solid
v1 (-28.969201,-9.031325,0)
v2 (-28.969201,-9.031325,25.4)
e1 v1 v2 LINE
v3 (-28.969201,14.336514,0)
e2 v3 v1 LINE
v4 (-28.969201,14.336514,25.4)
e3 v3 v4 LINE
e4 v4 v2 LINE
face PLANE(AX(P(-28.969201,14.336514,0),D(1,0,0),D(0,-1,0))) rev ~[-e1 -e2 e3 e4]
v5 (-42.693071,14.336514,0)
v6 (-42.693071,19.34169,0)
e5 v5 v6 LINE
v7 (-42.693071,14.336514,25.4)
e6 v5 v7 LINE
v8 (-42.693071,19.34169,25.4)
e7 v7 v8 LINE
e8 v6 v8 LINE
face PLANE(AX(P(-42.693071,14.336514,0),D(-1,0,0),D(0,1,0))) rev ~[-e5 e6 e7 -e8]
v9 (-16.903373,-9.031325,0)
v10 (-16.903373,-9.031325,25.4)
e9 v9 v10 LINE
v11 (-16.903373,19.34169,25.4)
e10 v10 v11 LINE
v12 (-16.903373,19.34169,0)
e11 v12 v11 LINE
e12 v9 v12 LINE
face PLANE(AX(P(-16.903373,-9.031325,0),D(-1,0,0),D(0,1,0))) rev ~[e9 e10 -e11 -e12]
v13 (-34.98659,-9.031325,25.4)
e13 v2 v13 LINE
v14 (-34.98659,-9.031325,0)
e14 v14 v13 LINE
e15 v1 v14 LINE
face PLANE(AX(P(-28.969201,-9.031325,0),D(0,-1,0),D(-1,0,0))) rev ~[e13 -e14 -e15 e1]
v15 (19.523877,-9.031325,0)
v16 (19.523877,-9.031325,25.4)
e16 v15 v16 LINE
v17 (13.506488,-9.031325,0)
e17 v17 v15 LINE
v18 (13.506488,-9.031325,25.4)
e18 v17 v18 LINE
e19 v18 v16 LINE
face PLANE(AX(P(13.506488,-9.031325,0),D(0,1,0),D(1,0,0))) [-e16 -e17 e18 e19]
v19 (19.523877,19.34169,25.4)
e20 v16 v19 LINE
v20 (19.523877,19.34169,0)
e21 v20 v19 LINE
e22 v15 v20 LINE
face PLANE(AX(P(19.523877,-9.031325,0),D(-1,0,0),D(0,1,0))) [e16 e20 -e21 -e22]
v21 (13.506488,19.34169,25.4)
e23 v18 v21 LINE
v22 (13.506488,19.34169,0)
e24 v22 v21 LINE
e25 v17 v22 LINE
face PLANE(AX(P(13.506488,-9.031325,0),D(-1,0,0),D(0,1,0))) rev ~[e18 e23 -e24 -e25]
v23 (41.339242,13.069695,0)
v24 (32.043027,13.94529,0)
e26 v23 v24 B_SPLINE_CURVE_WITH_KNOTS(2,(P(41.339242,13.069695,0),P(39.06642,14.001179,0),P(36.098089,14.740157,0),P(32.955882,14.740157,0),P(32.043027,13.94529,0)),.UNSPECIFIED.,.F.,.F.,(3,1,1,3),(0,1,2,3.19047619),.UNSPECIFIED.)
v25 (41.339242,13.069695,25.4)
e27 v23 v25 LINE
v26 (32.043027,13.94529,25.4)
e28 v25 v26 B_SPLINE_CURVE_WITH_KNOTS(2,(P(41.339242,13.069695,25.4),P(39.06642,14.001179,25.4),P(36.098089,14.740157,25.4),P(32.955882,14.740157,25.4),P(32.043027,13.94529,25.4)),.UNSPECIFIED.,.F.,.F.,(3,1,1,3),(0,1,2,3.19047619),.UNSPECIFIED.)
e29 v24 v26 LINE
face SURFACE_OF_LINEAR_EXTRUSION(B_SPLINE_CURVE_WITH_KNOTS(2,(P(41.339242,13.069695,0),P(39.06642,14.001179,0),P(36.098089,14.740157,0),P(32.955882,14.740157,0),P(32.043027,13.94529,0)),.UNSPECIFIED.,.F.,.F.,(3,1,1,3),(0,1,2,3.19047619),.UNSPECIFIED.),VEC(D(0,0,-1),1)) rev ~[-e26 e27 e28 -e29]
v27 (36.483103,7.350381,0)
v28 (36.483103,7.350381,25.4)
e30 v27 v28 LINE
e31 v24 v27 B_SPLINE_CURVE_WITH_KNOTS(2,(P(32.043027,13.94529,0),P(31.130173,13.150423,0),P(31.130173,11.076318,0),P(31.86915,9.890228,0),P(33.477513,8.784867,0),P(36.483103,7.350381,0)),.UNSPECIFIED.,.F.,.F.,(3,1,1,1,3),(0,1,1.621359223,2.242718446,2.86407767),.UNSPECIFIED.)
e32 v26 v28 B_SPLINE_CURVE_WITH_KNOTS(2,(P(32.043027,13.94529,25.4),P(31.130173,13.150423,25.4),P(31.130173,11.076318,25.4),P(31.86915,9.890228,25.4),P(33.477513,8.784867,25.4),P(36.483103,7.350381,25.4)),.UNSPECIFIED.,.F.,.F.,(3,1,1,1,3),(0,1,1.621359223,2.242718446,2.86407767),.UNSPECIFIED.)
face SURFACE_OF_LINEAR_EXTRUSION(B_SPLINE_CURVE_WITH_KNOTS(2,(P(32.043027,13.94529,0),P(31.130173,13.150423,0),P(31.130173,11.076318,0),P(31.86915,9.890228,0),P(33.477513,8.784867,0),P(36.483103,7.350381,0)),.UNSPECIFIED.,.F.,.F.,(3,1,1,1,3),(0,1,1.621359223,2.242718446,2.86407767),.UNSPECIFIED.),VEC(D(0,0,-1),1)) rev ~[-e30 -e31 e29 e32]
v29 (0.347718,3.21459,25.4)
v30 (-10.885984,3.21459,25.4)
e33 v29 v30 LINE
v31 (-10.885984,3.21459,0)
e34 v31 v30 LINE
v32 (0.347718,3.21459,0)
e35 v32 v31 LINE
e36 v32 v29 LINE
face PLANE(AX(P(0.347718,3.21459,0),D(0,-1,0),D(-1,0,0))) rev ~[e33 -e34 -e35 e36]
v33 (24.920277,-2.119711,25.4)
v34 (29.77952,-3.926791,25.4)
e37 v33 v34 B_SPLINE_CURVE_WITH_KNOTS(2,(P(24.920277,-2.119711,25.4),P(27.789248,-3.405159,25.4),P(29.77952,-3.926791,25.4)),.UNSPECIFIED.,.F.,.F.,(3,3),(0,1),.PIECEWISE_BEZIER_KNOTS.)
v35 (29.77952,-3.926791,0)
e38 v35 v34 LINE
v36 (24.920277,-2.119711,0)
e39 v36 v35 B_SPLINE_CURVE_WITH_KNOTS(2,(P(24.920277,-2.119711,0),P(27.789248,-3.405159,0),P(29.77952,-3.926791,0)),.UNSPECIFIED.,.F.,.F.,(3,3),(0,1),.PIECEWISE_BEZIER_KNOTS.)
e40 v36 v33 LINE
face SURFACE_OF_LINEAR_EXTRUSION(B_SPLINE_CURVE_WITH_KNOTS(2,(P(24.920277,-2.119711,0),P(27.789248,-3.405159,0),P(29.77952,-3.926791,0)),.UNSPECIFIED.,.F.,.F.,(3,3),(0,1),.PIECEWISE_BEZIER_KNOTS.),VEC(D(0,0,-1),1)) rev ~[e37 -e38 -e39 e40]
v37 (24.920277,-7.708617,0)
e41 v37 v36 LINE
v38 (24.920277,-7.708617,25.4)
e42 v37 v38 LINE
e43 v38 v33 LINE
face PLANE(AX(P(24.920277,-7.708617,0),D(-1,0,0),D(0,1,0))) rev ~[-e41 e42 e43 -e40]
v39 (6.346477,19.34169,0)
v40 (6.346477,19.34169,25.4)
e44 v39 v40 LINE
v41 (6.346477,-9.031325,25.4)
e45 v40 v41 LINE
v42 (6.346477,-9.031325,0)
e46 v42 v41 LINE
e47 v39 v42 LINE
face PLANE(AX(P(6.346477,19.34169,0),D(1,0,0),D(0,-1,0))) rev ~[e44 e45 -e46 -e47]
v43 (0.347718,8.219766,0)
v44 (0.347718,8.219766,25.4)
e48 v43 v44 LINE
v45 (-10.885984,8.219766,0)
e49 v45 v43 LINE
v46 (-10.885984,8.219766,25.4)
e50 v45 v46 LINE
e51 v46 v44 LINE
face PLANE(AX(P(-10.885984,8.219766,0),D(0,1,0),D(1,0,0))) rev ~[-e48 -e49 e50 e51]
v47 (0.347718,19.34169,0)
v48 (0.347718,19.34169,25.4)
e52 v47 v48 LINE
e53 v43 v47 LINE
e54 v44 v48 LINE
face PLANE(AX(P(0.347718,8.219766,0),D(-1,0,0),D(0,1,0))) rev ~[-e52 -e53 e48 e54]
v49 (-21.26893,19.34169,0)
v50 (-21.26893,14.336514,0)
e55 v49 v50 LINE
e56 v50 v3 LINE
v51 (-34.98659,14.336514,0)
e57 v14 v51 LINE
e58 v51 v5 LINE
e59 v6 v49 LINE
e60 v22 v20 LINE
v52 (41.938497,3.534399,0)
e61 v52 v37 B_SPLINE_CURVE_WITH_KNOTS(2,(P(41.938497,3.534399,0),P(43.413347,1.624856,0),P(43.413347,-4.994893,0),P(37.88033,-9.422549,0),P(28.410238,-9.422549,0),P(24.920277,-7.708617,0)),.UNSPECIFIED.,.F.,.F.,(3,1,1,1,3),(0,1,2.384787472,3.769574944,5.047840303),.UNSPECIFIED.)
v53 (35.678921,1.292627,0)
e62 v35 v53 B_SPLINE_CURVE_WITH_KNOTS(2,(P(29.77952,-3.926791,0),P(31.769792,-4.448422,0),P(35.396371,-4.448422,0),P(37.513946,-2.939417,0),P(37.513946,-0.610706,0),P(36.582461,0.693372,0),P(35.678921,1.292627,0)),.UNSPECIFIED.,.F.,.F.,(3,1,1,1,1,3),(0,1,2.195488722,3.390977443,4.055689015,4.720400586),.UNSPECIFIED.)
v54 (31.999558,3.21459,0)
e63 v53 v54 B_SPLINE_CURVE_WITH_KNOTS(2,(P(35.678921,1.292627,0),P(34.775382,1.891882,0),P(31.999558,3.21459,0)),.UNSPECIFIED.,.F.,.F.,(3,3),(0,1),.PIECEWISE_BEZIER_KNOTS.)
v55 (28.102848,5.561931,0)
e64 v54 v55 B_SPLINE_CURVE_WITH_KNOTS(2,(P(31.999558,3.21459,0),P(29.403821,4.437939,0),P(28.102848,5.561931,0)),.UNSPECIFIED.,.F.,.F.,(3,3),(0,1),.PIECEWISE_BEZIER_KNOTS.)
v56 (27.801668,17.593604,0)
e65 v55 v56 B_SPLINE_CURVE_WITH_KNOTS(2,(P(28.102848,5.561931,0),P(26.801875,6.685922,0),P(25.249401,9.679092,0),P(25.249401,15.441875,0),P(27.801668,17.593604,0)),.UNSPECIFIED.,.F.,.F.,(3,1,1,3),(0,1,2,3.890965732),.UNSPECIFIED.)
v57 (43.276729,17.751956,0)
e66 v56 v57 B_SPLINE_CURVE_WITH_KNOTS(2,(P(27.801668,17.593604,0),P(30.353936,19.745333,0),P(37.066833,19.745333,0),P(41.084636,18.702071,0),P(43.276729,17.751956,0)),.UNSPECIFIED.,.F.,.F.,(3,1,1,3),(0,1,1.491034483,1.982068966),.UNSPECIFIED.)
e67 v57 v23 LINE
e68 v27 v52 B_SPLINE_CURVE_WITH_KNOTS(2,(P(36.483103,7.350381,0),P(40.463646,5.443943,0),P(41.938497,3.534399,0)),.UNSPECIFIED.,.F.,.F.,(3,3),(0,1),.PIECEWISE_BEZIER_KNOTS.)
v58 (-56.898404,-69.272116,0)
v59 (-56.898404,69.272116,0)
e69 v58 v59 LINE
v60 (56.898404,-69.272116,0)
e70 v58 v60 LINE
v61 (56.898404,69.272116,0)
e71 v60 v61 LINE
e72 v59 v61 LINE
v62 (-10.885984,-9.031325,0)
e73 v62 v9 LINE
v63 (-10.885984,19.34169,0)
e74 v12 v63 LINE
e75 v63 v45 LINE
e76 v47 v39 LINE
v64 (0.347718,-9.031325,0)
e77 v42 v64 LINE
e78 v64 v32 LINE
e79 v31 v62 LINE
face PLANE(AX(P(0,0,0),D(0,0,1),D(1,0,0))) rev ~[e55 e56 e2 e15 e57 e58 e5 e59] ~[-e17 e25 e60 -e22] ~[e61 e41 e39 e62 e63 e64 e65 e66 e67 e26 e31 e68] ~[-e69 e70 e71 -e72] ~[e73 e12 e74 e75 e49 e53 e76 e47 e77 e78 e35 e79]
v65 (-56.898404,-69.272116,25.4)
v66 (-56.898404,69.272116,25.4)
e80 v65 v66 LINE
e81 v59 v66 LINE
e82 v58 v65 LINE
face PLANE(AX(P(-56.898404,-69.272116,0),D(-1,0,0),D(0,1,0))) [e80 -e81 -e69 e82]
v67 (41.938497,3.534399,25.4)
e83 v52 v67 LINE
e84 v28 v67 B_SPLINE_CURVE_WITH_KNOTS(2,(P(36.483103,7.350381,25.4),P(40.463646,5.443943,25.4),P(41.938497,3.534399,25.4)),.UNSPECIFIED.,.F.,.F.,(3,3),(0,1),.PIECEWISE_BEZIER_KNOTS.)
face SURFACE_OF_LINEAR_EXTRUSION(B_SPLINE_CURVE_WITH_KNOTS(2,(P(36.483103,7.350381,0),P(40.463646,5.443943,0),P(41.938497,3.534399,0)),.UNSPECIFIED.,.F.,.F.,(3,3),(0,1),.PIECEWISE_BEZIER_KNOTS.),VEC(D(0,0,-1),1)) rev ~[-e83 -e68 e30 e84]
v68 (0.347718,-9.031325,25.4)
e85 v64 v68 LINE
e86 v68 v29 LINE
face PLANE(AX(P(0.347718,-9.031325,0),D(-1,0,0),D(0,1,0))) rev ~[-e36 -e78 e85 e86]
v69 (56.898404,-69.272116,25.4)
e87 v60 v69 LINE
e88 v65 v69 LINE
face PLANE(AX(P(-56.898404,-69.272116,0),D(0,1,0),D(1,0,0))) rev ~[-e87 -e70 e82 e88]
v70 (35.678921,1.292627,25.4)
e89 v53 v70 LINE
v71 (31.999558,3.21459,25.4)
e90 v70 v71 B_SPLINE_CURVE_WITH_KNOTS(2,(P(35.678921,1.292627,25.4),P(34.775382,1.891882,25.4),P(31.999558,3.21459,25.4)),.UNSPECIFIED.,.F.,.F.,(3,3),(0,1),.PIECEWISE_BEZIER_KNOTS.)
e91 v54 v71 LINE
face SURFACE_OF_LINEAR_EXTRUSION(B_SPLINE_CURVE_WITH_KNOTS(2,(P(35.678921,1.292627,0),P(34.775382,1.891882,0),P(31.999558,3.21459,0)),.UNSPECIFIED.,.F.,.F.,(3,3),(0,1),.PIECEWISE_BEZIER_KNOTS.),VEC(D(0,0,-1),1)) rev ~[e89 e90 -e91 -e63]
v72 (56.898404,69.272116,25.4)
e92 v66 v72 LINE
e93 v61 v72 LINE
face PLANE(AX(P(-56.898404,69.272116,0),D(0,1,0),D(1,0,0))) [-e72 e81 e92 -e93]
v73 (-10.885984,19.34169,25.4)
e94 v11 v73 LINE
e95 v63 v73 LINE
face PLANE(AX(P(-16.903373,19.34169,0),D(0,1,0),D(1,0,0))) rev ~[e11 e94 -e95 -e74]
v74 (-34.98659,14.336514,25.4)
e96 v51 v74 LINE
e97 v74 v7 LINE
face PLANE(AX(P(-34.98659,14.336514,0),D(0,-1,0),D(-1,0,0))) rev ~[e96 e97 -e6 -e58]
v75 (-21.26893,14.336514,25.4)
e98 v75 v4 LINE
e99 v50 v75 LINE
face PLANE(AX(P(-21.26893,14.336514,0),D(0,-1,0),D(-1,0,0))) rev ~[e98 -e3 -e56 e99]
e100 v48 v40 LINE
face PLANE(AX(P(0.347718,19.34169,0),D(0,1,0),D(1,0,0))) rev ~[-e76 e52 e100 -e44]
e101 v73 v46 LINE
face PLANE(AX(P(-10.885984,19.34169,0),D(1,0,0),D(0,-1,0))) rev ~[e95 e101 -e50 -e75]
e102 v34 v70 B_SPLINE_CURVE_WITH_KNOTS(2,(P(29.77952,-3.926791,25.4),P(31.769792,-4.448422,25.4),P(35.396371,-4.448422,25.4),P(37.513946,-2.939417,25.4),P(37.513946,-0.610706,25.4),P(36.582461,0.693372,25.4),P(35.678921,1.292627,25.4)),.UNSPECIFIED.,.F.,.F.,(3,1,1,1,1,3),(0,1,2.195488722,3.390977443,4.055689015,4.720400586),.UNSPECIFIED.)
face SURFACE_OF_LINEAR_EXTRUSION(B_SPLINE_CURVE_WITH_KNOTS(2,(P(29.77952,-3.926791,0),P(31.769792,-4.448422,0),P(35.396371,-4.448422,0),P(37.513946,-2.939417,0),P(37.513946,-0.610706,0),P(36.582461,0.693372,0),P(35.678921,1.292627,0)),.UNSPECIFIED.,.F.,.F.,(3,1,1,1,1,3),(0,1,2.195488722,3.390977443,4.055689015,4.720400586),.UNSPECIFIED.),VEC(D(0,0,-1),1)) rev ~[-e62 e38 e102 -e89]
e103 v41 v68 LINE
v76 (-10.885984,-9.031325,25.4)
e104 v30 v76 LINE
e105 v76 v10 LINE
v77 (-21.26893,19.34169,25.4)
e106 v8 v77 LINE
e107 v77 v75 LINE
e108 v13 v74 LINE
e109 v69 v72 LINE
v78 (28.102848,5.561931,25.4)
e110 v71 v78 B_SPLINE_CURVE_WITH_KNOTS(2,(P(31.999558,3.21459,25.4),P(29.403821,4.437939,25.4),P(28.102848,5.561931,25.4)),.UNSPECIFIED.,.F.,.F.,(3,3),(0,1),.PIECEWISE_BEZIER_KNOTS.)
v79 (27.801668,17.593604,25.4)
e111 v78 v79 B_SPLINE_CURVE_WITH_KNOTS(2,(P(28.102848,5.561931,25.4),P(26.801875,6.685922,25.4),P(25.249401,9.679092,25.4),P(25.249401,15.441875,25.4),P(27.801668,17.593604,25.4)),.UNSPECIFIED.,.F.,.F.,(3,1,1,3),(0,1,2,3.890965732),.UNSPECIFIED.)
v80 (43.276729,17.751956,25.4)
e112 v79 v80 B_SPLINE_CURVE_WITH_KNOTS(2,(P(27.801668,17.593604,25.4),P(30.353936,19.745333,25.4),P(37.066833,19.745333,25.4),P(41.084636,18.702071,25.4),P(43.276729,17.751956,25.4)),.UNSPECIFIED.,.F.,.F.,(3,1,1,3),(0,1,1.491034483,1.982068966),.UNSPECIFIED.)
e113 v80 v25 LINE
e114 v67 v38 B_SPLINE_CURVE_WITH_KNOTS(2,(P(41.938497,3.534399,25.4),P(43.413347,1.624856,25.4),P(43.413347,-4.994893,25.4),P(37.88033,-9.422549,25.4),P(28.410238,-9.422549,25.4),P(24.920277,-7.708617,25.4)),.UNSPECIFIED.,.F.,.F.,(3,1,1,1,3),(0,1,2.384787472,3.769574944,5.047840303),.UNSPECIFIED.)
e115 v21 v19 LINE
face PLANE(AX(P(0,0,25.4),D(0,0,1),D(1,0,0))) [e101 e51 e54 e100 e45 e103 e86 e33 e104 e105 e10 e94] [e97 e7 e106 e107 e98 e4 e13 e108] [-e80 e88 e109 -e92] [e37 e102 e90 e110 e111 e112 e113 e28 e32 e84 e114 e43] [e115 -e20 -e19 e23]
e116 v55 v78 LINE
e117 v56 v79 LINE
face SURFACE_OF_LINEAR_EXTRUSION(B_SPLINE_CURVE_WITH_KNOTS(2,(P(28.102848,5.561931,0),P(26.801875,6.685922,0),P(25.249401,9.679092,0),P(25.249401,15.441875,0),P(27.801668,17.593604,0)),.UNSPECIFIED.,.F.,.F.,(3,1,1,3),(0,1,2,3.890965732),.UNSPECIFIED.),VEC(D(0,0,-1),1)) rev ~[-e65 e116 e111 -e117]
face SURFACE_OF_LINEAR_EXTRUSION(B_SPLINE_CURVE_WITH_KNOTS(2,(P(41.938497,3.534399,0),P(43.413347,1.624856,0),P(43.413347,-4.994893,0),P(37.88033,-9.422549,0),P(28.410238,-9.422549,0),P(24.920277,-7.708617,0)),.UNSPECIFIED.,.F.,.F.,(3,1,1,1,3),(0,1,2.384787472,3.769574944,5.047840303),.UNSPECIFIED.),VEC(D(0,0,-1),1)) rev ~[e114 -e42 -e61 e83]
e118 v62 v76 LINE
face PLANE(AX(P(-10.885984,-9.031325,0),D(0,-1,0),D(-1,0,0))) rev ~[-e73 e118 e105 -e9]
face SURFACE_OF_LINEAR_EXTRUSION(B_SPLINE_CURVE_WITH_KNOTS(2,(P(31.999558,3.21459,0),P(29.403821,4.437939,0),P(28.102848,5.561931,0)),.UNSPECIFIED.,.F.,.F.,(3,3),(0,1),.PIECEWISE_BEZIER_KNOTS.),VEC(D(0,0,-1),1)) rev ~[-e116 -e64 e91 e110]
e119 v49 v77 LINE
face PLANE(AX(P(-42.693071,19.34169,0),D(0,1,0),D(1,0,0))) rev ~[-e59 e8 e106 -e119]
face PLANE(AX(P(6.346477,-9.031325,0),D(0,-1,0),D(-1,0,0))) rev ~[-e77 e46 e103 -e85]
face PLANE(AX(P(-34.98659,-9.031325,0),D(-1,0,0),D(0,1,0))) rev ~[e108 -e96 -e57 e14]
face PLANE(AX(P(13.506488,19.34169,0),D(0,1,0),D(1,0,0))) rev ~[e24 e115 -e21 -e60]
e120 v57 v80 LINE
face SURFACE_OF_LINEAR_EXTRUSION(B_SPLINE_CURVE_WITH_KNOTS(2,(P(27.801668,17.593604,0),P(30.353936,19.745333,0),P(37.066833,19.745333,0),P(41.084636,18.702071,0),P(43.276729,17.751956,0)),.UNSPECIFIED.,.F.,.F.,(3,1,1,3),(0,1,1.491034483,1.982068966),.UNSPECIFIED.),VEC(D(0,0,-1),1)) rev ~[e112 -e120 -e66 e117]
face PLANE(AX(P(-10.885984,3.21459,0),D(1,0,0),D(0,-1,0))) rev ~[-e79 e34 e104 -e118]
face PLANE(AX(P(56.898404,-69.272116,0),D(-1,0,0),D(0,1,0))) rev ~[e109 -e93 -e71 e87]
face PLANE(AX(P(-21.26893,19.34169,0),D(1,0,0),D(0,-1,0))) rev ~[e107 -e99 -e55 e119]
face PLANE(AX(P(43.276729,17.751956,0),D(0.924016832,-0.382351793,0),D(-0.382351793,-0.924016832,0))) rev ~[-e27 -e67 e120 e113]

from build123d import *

# Parameters (mm, degrees)
F0_W     = 113.7968078256
F0_H     = 138.5442316532
F0_W_2   = 6.0173892501
F0_H_2   = 28.373014947
F1_DEPTH = 25.4


with BuildPart() as f1:
    # F0 (on Top) → F1 (new body)
    with BuildSketch(Plane.XY):
        Rectangle(F0_W, F0_H)
        Polygon((-28.96920121, 14.3365136363), (-28.96920121, -9.031325113), (-34.9865904601, -9.031325113), (-34.9865904601, 14.3365136363), (-42.6930714295, 14.3365136363), (-42.6930714295, 19.341689834), (-21.2689301366, 19.341689834), (-21.2689301366, 14.3365136363), align=None, mode=Mode.SUBTRACT)
        Polygon((6.3464774951, 19.341689834), (6.3464774951, -9.031325113), (0.3477179331, -9.031325113), (0.3477179331, 3.2145898521), (-10.8859839796, 3.2145898521), (-10.8859839796, -9.031325113), (-16.9033732297, -9.031325113), (-16.9033732297, 19.341689834), (-10.8859839796, 19.341689834), (-10.8859839796, 8.2197660498), (0.3477179331, 8.2197660498), (0.3477179331, 19.341689834), align=None, mode=Mode.SUBTRACT)
        with Locations((16.5151822392, 5.1551823605)):
            Rectangle(F0_W_2, F0_H_2, mode=Mode.SUBTRACT)
        with BuildLine():
            add(Edge.make_bspline(
                [(41.9384965735, 3.5343994975), (43.4133468799, 1.6248564692), (43.4133468799, -1.1509670549)],
                knots=[0, 0, 0, 1, 1, 1], degree=2))
            add(Edge.make_bspline(
                [(43.4133468799, -1.1509670549), (43.4133468799, -4.9948926955), (40.6468381999, -7.2087206291)],
                knots=[0, 0, 0, 1, 1, 1], degree=2))
            add(Edge.make_bspline(
                [(40.6468381999, -7.2087206291), (37.8803295199, -9.4225485627), (32.9558819705, -9.4225485627)],
                knots=[0, 0, 0, 1, 1, 1], degree=2))
            add(Edge.make_bspline(
                [(32.9558819705, -9.4225485627), (28.4102380788, -9.4225485627), (24.9202765117, -7.7086172593)],
                knots=[0, 0, 0, 1, 1, 1], degree=2))
            Line((24.9202765117, -7.7086172593), (24.9202765117, -2.1197108351))
            add(Edge.make_bspline(
                [(24.9202765117, -2.1197108351), (27.7892484761, -3.4051593126), (29.7795201528, -3.9267905789)],
                knots=[0, 0, 0, 1, 1, 1], degree=2))
            add(Edge.make_bspline(
                [(29.7795201528, -3.9267905789), (31.7697918294, -4.4484218452), (33.4216241726, -4.4484218452)],
                knots=[0, 0, 0, 1, 1, 1], degree=2))
            add(Edge.make_bspline(
                [(33.4216241726, -4.4484218452), (35.3963711091, -4.4484218452), (36.4551583817, -3.6939194779)],
                knots=[0, 0, 0, 1, 1, 1], degree=2))
            add(Edge.make_bspline(
                [(36.4551583817, -3.6939194779), (37.5139456543, -2.9394171106), (37.5139456543, -1.4428321681)],
                knots=[0, 0, 0, 1, 1, 1], degree=2))
            add(Edge.make_bspline(
                [(37.5139456543, -1.4428321681), (37.5139456543, -0.6107061005), (37.0482034523, 0.0413329823)],
                knots=[0, 0, 0, 1, 1, 1], degree=2))
            add(Edge.make_bspline(
                [(37.0482034523, 0.0413329823), (36.5824612503, 0.6933720651), (35.6789213783, 1.2926270317)],
                knots=[0, 0, 0, 1, 1, 1], degree=2))
            add(Edge.make_bspline(
                [(35.6789213783, 1.2926270317), (34.7753815064, 1.8918819983), (31.9995579824, 3.2145898521)],
                knots=[0, 0, 0, 1, 1, 1], degree=2))
            add(Edge.make_bspline(
                [(31.9995579824, 3.2145898521), (29.4038214431, 4.4379393694), (28.1028482255, 5.5619305503)],
                knots=[0, 0, 0, 1, 1, 1], degree=2))
            add(Edge.make_bspline(
                [(28.1028482255, 5.5619305503), (26.8018750079, 6.6859217311), (26.0256380045, 8.1825066736)],
                knots=[0, 0, 0, 1, 1, 1], degree=2))
            add(Edge.make_bspline(
                [(26.0256380045, 8.1825066736), (25.2494010011, 9.6790916161), (25.2494010011, 11.6724682408)],
                knots=[0, 0, 0, 1, 1, 1], degree=2))
            add(Edge.make_bspline(
                [(25.2494010011, 11.6724682408), (25.2494010011, 15.4418751291), (27.8016682682, 17.5936041024)],
                knots=[0, 0, 0, 1, 1, 1], degree=2))
            add(Edge.make_bspline(
                [(27.8016682682, 17.5936041024), (30.3539355353, 19.7453330758), (34.8561101548, 19.7453330758)],
                knots=[0, 0, 0, 1, 1, 1], degree=2))
            add(Edge.make_bspline(
                [(34.8561101548, 19.7453330758), (37.0668331404, 19.7453330758), (39.0757345051, 19.2237018095)],
                knots=[0, 0, 0, 1, 1, 1], degree=2))
            add(Edge.make_bspline(
                [(39.0757345051, 19.2237018095), (41.0846358698, 18.7020705432), (43.2767291673, 17.7519564511)],
                knots=[0, 0, 0, 1, 1, 1], degree=2))
            Line((43.2767291673, 17.7519564511), (41.3392416069, 13.0696948468))
            add(Edge.make_bspline(
                [(41.3392416069, 13.0696948468), (39.066419661, 14.0011792509), (37.5822545106, 14.3706680645)],
                knots=[0, 0, 0, 1, 1, 1], degree=2))
            add(Edge.make_bspline(
                [(37.5822545106, 14.3706680645), (36.0980893602, 14.7401568781), (34.6636033779, 14.7401568781)],
                knots=[0, 0, 0, 1, 1, 1], degree=2))
            add(Edge.make_bspline(
                [(34.6636033779, 14.7401568781), (32.9558819705, 14.7401568781), (32.0430272546, 13.9452901866)],
                knots=[0, 0, 0, 1, 1, 1], degree=2))
            add(Edge.make_bspline(
                [(32.0430272546, 13.9452901866), (31.1301725386, 13.1504234952), (31.1301725386, 11.8711849136)],
                knots=[0, 0, 0, 1, 1, 1], degree=2))
            add(Edge.make_bspline(
                [(31.1301725386, 11.8711849136), (31.1301725386, 11.0763182222), (31.4996613522, 10.4832731516)],
                knots=[0, 0, 0, 1, 1, 1], degree=2))
            add(Edge.make_bspline(
                [(31.4996613522, 10.4832731516), (31.8691501658, 9.890228081), (32.6733317013, 9.3375473346)],
                knots=[0, 0, 0, 1, 1, 1], degree=2))
            add(Edge.make_bspline(
                [(32.6733317013, 9.3375473346), (33.4775132368, 8.7848665882), (36.4831029138, 7.350380606)],
                knots=[0, 0, 0, 1, 1, 1], degree=2))
            add(Edge.make_bspline(
                [(36.4831029138, 7.350380606), (40.4636462671, 5.4439425257), (41.9384965735, 3.5343994975)],
                knots=[0, 0, 0, 1, 1, 1], degree=2))
        make_face(mode=Mode.SUBTRACT)
    extrude(amount=F1_DEPTH)


solid = f1.part
